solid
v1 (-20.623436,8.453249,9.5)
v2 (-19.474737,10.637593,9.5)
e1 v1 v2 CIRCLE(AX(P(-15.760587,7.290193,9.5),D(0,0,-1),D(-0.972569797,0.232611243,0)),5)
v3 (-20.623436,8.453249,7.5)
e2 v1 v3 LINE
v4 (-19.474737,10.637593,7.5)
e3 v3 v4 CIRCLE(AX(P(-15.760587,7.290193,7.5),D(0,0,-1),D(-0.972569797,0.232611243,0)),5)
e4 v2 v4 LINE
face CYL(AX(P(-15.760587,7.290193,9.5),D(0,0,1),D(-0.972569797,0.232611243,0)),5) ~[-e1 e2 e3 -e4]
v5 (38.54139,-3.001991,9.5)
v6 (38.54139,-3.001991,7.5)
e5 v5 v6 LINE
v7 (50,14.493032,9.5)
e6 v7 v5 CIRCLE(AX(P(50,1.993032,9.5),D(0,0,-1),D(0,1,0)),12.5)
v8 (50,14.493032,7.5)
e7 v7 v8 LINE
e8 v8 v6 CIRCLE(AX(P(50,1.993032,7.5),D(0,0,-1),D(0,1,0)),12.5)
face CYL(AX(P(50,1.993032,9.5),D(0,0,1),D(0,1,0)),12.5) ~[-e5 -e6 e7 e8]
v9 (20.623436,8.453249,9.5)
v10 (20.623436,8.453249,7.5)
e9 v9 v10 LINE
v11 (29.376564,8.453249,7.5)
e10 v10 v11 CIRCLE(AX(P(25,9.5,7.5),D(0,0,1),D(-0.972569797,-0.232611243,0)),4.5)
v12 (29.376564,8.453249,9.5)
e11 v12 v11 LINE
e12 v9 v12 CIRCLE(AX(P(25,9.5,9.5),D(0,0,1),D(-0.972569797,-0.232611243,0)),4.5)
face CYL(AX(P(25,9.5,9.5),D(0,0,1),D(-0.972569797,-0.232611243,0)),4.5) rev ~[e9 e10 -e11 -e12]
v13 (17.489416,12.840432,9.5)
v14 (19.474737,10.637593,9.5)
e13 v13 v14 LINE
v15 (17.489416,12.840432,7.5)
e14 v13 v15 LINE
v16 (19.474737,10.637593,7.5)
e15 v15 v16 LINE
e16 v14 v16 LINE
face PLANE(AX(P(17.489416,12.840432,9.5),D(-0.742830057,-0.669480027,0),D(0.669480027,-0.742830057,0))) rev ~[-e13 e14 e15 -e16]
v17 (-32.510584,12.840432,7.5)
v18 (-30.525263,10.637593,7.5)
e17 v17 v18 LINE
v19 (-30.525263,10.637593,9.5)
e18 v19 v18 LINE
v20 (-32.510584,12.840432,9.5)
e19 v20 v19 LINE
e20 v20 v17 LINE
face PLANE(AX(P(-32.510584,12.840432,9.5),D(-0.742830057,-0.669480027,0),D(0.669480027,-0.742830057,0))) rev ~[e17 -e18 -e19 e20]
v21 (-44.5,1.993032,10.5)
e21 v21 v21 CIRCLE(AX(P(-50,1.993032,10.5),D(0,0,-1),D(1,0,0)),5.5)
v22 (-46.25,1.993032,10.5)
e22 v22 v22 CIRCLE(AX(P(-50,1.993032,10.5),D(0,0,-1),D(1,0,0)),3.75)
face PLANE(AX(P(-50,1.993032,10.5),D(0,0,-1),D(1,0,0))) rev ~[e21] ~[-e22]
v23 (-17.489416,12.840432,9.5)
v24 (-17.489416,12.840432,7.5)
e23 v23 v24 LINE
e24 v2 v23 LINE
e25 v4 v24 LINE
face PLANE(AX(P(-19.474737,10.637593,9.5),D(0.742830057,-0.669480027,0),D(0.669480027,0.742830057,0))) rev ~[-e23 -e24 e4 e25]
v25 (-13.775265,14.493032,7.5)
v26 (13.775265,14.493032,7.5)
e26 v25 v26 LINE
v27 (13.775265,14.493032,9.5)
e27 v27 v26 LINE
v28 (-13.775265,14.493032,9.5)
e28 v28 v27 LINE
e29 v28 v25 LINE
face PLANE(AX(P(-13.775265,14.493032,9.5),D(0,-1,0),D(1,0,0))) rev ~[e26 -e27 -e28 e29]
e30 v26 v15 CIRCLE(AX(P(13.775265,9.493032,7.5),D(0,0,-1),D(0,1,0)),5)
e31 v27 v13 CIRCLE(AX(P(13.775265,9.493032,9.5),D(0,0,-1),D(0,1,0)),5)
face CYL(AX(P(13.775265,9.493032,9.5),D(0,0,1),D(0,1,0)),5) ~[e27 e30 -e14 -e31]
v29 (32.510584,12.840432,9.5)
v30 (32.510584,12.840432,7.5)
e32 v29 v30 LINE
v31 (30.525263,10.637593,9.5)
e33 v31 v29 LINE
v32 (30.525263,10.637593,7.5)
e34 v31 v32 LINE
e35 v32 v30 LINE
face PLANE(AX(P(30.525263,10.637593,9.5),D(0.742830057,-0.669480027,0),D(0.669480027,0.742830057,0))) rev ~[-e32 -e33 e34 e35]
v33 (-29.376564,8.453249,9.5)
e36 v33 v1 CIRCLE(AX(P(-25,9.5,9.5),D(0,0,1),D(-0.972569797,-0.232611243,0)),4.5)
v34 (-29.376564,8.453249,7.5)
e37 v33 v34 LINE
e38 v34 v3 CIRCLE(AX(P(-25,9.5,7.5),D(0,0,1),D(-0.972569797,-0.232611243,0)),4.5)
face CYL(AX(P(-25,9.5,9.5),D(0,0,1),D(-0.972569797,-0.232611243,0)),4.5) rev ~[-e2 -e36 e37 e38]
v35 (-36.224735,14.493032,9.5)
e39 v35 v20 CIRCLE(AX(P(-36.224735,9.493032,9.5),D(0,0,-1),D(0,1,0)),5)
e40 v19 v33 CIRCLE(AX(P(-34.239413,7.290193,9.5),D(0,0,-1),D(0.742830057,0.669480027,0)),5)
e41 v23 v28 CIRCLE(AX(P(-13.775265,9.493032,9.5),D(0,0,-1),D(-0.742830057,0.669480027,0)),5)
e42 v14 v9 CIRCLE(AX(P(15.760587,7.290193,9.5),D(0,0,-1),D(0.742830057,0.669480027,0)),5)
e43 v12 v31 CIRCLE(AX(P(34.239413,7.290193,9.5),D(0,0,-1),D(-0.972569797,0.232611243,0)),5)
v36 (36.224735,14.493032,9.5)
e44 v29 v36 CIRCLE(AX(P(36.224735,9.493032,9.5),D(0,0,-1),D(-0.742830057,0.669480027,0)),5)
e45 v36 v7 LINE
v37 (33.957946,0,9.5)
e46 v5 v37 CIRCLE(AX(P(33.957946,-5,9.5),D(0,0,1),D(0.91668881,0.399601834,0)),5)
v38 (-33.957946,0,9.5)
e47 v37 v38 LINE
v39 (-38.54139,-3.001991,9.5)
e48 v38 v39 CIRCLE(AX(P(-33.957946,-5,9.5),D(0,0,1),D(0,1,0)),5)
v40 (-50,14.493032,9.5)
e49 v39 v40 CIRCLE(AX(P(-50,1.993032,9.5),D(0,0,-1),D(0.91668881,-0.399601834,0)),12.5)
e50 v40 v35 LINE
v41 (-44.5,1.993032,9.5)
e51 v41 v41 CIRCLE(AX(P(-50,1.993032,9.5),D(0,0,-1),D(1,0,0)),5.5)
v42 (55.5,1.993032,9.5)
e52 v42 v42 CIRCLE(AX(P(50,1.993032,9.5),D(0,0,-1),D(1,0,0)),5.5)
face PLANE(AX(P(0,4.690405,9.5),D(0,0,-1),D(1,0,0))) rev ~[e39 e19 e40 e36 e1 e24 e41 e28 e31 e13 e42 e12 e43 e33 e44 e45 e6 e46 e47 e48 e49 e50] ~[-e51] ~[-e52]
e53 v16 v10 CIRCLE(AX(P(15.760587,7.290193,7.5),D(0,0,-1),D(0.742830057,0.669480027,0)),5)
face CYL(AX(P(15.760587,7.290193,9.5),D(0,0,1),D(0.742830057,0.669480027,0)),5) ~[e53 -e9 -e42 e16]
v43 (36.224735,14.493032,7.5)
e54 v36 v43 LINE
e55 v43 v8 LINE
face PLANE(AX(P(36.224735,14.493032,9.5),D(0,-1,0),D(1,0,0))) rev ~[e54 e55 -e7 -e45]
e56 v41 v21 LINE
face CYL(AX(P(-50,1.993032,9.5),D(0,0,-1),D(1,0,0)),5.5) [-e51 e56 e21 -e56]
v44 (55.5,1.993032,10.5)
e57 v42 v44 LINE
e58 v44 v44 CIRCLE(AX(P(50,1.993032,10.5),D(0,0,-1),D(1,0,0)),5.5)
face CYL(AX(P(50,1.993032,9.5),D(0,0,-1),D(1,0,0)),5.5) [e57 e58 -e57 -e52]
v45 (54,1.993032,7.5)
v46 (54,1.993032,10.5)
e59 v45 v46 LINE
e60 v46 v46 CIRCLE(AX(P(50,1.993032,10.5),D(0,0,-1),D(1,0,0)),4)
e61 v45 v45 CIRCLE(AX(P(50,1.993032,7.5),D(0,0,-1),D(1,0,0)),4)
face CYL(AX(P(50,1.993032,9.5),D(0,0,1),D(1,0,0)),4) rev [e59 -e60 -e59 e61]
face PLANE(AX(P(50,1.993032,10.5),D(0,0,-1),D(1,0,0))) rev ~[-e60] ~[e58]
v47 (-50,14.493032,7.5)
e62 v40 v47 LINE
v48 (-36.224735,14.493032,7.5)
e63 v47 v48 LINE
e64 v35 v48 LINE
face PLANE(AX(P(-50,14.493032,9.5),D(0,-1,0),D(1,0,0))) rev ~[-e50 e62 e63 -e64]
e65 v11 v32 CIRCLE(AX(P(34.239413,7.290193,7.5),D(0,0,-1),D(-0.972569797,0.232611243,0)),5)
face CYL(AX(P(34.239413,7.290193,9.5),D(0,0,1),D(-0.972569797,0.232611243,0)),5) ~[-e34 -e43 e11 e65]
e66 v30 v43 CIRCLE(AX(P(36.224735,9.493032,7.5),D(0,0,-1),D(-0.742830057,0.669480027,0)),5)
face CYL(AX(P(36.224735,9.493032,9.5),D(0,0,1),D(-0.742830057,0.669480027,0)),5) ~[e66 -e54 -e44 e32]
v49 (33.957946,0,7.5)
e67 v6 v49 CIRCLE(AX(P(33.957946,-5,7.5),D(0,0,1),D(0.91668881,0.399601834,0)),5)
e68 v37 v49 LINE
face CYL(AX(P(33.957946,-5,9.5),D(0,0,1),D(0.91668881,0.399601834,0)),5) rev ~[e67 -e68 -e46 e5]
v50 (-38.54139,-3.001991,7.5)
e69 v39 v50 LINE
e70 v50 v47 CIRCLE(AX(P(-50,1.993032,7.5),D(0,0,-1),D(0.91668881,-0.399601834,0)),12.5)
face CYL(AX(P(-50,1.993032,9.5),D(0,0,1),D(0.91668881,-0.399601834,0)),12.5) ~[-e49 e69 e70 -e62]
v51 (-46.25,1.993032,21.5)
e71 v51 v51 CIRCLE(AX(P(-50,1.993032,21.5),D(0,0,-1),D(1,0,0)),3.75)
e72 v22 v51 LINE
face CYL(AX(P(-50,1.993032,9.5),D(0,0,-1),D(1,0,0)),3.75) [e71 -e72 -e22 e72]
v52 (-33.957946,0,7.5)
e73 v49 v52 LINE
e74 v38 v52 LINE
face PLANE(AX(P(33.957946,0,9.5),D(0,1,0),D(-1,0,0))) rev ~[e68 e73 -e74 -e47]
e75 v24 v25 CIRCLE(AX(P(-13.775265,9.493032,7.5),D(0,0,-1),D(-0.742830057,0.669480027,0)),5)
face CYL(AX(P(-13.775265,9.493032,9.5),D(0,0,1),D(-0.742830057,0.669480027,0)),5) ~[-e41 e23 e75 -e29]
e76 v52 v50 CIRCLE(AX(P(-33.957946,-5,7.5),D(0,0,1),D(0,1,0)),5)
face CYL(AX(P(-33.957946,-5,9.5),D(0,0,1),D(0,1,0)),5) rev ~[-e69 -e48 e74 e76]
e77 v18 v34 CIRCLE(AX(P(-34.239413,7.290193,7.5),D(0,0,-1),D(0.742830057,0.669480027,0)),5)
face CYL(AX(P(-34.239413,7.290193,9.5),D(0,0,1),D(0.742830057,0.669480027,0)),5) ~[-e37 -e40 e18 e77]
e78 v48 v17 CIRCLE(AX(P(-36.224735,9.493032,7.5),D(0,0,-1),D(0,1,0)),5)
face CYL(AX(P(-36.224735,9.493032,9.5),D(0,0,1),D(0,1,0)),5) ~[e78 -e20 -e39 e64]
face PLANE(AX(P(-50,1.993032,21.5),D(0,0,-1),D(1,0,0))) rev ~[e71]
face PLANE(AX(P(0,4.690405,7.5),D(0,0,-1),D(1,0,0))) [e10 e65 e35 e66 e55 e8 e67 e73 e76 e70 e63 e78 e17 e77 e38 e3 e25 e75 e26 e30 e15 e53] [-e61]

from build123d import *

# Parameters (mm, degrees)
F0_R     = 5.5
F0_R_2   = 3.75
F0_R_3   = 4
F1_DEPTH = 2
F2_DEPTH = 12
F3_DEPTH = 1
F4_ANGLE = 90


with BuildPart() as f1:
    # F0 (on Front) → F1 (new body)
    with BuildSketch(Plane.XZ):
        with BuildLine():
            ThreePointArc((20.6234359139, 1.0467505913), (25, 4.5), (29.3765640861, 1.0467505913))
            ThreePointArc((29.3765640861, 1.0467505913), (29.8140239679, -0.117408547), (30.5252627854, -1.1375933304))
            Line((30.5252627854, -1.1375933304), (32.5105844978, -3.3404322227))
            ThreePointArc((32.5105844978, -3.3404322227), (34.1921257049, -4.5612374621), (36.2247347829, -4.9930320884))
            Line((36.2247347829, -4.9930320884), (50, -4.9930320884))
            ThreePointArc((50, -4.9930320884), (60.4567630389, 14.3557712193), (38.5413898737, 12.5019908319))
            ThreePointArc((38.5413898737, 12.5019908319), (36.6974671463, 10.3172947844), (33.9579458232, 9.5))
            Line((33.9579458232, 9.5), (-33.9579458232, 9.5))
            ThreePointArc((-33.9579458232, 9.5), (-36.6974671463, 10.3172947844), (-38.5413898737, 12.5019908319))
            ThreePointArc((-38.5413898737, 12.5019908319), (-60.4567630389, 14.3557712193), (-50, -4.9930320884))
            Line((-50, -4.9930320884), (-36.224734783, -4.9930320884))
            ThreePointArc((-36.224734783, -4.9930320884), (-34.1921257049, -4.5612374621), (-32.5105844978, -3.3404322227))
            Line((-32.5105844978, -3.3404322227), (-30.5252627854, -1.1375933304))
            ThreePointArc((-30.5252627854, -1.1375933304), (-29.8140239679, -0.117408547), (-29.3765640861, 1.0467505913))
            ThreePointArc((-29.3765640861, 1.0467505913), (-25, 4.5), (-20.6234359139, 1.0467505913))
            ThreePointArc((-20.6234359139, 1.0467505913), (-20.1859760321, -0.117408547), (-19.4747372146, -1.1375933304))
            Line((-19.4747372146, -1.1375933304), (-17.4894155022, -3.3404322227))
            ThreePointArc((-17.4894155022, -3.3404322227), (-15.8078742951, -4.5612374621), (-13.775265217, -4.9930320884))
            Line((-13.775265217, -4.9930320884), (13.775265217, -4.9930320884))
            ThreePointArc((13.775265217, -4.9930320884), (15.8078742951, -4.5612374621), (17.4894155022, -3.3404322227))
            Line((17.4894155022, -3.3404322227), (19.4747372146, -1.1375933304))
            ThreePointArc((19.4747372146, -1.1375933304), (20.1859760321, -0.117408547), (20.6234359139, 1.0467505913))
        make_face()
        with Locations((-50, 7.5069679116)):
            Circle(F0_R, mode=Mode.SUBTRACT)
        with Locations((50, 7.5069679116)):
            Circle(F0_R, mode=Mode.SUBTRACT)
        with Locations((-50, 7.5069679116)):
            Circle(F0_R)
        with Locations((-50, 7.5069679116)):
            Circle(F0_R_2, mode=Mode.SUBTRACT)
        with Locations((50, 7.5069679116)):
            Circle(F0_R)
        with Locations((50, 7.5069679116)):
            Circle(F0_R_3, mode=Mode.SUBTRACT)
        with Locations((-50, 7.5069679116)):
            Circle(F0_R_2)
    extrude(amount=F1_DEPTH)

    # F0 (on Front) → F2 (join)
    with BuildSketch(Plane.XZ):
        with Locations((-50, 7.5069679116)):
            Circle(F0_R_2)
    extrude(amount=-F2_DEPTH)

    # F0 (on Front) → F3 (join)
    with BuildSketch(Plane.XZ):
        with Locations((-50, 7.5069679116)):
            Circle(F0_R)
        with Locations((-50, 7.5069679116)):
            Circle(F0_R_2, mode=Mode.SUBTRACT)
        with Locations((50, 7.5069679116)):
            Circle(F0_R)
        with Locations((50, 7.5069679116)):
            Circle(F0_R_3, mode=Mode.SUBTRACT)
    extrude(amount=-F3_DEPTH)


with BuildPart() as f1_1:
    # F4: moved
    add(f1.part.rotate(Axis((0, 0, 9.5), (1, 0, 0)), F4_ANGLE))


solid = f1_1.part
